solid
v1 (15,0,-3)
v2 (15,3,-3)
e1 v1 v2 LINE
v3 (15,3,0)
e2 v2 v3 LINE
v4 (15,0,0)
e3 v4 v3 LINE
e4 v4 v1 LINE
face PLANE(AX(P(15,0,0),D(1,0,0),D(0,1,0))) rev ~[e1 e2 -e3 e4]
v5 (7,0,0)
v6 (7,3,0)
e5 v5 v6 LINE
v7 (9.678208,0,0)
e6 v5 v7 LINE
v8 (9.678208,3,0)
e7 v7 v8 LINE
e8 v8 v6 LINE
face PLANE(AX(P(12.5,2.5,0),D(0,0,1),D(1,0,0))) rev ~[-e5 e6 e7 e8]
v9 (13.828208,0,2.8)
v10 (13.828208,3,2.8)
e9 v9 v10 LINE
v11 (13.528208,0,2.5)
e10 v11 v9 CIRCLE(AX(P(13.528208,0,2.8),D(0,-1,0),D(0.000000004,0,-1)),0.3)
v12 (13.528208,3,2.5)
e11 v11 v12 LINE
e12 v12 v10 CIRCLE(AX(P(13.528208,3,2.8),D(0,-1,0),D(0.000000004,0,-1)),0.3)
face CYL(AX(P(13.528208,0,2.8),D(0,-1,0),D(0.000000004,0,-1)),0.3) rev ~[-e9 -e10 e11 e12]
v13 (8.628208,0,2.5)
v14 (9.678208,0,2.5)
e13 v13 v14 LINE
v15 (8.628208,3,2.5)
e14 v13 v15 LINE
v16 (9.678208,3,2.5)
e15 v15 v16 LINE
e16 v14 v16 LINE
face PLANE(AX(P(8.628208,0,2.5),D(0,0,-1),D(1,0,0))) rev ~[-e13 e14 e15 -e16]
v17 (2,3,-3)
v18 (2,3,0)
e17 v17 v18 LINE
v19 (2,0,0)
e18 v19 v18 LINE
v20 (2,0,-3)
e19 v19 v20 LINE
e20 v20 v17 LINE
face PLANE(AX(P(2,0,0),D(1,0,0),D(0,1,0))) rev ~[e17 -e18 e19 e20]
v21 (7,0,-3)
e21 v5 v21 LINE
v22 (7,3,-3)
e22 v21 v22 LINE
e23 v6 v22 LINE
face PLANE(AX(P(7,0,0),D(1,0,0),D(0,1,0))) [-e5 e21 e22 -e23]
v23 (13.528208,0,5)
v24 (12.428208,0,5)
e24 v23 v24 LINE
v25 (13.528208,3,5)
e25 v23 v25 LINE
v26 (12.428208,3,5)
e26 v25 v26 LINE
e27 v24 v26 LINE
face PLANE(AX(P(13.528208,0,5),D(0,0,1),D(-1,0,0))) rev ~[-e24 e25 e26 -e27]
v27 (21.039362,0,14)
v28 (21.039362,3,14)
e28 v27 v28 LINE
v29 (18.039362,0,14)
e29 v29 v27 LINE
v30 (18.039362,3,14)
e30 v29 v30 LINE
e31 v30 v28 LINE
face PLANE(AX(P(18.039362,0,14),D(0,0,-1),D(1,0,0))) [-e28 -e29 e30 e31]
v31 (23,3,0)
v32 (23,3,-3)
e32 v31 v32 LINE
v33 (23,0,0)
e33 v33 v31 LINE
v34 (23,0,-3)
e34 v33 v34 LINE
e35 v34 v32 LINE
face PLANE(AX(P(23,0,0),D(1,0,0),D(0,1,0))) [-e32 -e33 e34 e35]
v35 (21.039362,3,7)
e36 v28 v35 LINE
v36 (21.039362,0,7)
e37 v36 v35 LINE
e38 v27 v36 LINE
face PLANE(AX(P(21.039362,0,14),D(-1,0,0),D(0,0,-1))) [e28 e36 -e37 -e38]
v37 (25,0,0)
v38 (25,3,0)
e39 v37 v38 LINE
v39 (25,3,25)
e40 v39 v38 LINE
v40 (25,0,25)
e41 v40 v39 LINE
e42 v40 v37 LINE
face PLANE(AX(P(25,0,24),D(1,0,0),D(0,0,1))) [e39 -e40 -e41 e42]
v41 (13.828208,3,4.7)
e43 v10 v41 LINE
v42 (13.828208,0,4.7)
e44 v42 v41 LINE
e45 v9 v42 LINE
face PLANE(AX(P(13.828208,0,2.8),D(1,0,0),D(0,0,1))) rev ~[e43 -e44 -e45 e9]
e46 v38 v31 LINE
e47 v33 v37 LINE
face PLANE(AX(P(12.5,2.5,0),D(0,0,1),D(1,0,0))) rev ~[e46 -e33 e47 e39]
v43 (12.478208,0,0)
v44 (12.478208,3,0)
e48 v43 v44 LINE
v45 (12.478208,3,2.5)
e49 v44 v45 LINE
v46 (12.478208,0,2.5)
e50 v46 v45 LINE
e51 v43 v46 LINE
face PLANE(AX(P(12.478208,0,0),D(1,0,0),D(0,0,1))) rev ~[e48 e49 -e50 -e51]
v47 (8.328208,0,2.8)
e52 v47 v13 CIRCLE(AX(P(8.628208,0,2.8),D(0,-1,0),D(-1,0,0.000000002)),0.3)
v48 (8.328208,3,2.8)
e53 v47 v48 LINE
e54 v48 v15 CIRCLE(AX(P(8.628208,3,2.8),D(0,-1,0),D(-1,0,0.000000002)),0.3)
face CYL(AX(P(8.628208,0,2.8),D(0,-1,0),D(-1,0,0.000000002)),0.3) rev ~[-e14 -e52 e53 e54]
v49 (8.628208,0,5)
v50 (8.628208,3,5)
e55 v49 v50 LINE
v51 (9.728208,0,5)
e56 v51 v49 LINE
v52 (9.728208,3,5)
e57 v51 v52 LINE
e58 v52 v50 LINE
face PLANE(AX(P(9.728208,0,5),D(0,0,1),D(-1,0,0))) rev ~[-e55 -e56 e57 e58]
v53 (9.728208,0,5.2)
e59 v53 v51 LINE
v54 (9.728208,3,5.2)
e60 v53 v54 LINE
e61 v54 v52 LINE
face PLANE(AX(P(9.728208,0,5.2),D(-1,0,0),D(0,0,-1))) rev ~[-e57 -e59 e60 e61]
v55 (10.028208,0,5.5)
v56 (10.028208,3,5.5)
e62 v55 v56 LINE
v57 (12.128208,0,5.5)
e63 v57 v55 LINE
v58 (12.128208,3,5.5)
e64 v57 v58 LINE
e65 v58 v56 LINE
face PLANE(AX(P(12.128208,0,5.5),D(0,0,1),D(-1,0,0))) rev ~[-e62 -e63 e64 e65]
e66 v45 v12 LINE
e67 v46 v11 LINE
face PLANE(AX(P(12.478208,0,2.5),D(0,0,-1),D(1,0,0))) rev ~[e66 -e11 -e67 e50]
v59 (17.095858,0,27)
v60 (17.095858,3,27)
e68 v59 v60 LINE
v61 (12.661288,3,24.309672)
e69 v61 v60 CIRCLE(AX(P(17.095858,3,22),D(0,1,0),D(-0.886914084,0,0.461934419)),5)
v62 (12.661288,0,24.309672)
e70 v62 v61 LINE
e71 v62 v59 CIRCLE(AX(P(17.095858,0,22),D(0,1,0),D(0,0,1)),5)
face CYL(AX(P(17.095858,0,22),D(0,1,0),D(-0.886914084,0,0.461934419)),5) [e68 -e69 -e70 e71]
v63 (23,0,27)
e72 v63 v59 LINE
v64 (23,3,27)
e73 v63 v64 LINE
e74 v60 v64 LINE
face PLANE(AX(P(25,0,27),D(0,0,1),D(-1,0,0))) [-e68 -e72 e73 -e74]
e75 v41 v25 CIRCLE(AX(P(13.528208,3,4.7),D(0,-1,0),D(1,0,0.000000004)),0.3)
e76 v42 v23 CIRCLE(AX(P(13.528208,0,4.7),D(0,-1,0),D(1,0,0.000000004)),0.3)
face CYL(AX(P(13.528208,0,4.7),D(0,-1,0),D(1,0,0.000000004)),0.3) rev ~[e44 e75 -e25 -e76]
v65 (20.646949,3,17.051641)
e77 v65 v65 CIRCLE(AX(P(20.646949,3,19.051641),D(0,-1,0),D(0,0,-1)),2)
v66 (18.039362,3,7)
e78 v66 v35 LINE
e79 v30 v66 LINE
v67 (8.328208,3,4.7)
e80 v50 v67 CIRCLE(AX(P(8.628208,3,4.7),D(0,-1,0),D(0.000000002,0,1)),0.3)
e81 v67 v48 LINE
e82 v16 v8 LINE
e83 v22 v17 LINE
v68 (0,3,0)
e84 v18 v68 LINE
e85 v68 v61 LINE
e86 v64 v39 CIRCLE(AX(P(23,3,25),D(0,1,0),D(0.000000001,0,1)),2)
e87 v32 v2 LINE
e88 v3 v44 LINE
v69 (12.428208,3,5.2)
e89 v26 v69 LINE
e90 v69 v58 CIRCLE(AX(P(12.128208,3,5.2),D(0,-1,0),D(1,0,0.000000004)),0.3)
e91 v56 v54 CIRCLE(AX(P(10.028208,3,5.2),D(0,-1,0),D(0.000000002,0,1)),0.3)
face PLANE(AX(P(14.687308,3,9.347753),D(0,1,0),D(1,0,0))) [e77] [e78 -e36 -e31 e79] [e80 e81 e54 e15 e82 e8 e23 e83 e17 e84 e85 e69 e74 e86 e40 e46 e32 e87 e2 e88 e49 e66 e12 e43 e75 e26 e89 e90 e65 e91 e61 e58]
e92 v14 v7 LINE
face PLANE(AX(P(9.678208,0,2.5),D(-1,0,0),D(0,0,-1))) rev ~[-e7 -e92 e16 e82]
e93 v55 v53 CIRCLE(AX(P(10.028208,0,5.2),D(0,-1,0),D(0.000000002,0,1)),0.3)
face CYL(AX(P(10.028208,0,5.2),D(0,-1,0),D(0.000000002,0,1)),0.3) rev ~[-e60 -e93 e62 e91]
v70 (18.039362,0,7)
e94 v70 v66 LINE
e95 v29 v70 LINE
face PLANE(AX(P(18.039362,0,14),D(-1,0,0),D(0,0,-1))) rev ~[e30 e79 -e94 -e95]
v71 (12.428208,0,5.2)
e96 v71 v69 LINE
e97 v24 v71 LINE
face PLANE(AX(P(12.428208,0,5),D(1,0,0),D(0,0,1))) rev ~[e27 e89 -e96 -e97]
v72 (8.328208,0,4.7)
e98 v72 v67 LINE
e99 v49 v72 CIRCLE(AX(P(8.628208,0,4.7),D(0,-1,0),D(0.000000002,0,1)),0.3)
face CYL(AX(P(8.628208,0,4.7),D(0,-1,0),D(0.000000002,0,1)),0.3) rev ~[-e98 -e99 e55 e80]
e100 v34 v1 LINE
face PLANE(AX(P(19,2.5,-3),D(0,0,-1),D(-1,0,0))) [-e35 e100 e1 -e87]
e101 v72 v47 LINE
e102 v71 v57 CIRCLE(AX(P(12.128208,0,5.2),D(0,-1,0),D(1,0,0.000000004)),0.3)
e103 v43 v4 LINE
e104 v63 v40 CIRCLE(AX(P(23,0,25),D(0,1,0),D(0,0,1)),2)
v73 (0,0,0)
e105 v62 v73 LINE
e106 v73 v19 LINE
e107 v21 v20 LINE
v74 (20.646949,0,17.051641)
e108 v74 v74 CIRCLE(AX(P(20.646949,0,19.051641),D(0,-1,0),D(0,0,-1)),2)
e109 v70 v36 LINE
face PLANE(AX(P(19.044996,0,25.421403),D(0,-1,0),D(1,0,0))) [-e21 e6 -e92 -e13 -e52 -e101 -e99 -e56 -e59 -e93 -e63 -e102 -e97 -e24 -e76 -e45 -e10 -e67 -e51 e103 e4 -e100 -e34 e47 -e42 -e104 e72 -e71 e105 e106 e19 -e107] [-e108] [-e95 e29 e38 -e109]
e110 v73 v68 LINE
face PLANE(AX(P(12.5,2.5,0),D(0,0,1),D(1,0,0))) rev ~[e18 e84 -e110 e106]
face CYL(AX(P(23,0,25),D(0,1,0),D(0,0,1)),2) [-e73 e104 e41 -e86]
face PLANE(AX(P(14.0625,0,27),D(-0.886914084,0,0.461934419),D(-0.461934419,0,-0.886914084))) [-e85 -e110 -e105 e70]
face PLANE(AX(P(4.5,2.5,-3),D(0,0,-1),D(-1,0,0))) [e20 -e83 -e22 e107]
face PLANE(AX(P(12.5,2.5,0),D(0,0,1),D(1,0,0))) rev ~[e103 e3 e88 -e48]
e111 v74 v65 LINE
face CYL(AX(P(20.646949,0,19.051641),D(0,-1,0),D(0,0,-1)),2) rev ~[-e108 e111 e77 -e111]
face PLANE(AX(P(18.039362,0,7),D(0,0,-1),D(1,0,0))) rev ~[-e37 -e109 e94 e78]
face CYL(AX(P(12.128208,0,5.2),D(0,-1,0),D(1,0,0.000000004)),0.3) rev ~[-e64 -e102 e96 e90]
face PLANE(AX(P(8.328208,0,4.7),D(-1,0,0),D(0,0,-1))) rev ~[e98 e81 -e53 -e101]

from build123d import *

# Parameters (mm, degrees)
SKETCH_1_W          = 25
SKETCH_1_H          = 5
EXTRUDE_1_DEPTH     = 24
SKETCH_2_W          = 5
SKETCH_2_H          = 5
SKETCH_2_W_2        = 8
EXTRUDE_2_DEPTH     = 3
CUT_EXTRUDE_2_DEPTH = 5
EXTRUDE_3_DEPTH     = 5
FILLET_1_R          = 5
FILLET_2_R          = 2
CUT_EXTRUDE_4_DEPTH = 2
CUT_EXTRUDE_5_DEPTH = 3
SKETCH_9_R          = 2
CUT_EXTRUDE_6_DEPTH = 3
SKETCH_10_W         = 7
SKETCH_10_H         = 3
CUT_EXTRUDE_7_DEPTH = 3


with BuildPart() as part:
    # 草图1 → 凸台-拉伸1 (new body)
    with BuildSketch(Plane.XY):
        with Locations((12.5, 2.5)):
            Rectangle(SKETCH_1_W, SKETCH_1_H)
    extrude(amount=EXTRUDE_1_DEPTH)

    # 草图2 → 凸台-拉伸2 (add)
    with BuildSketch(Plane(origin=(0, 0, 0), x_dir=(-1, 0, 0), z_dir=(0, 0, -1))):
        with Locations((-4.5, 2.5)):
            Rectangle(SKETCH_2_W, SKETCH_2_H)
        with Locations((-19, 2.5)):
            Rectangle(SKETCH_2_W_2, SKETCH_2_H)
    extrude(amount=EXTRUDE_2_DEPTH)

    # 草图3 → 切除-拉伸2 (cut)
    with BuildSketch(Plane.XZ):
        Polygon((12.5, 24), (0, 24), (0, 0), align=None)
    extrude(amount=-CUT_EXTRUDE_2_DEPTH, mode=Mode.SUBTRACT)

    # 草图4 → 凸台-拉伸3 (add)
    with BuildSketch(Plane.XZ):
        Polygon((12.5, 24), (25, 24), (25, 27), (14.0625, 27), align=None)
    extrude(amount=-EXTRUDE_3_DEPTH)

    # 圆角1
    fillet_1_edges = [part.edges().sort_by_distance(p)[0] for p in [
        (14.0625, 2.5, 27),
    ]]
    fillet(fillet_1_edges, radius=FILLET_1_R)

    # 圆角2
    fillet_2_edges = [part.edges().sort_by_distance(p)[0] for p in [
        (25, 2.5, 27),
    ]]
    fillet(fillet_2_edges, radius=FILLET_2_R)

    # 草图7 → 切除-拉伸4 (cut)
    with BuildSketch(Plane(origin=(0, 5, 0), x_dir=(1, 0, 0), z_dir=(0, 1, 0))):
        with BuildLine():
            Line((17.09585797, -27), (23, -27))
            ThreePointArc((23, -27), (24.414213562, -26.414213562), (25, -25))
            Line((25, -25), (25, 0))
            Line((25, 0), (23, 0))
            Line((23, 0), (23, 3))
            Line((23, 3), (15, 3))
            Line((15, 3), (15, 0))
            Line((15, 0), (7, 0))
            Line((7, 0), (7, 3))
            Line((7, 3), (2, 3))
            Line((2, 3), (2, 0))
            Line((2, 0), (0, 0))
            Line((0, 0), (12.661287549, -24.309672094))
            ThreePointArc((12.661287549, -24.309672094), (14.502439422, -26.274831018), (17.09585797, -27))
        make_face()
    extrude(amount=-CUT_EXTRUDE_4_DEPTH, mode=Mode.SUBTRACT)

    # 草图8 → 切除-拉伸5 (cut)
    with BuildSketch(Plane(origin=(38.221211183, 0, -111.620742166), x_dir=(0, 0, -1), z_dir=(0, -1, 0))):
        with BuildLine():
            Line((-114.120742166, -28.543003338), (-111.620742166, -28.543003338))
            Line((-111.620742166, -28.543003338), (-111.620742166, -25.743003338))
            Line((-111.620742166, -25.743003338), (-114.120742166, -25.743003338))
            Line((-114.120742166, -25.743003338), (-114.120742166, -24.693003338))
            ThreePointArc((-114.120742166, -24.693003338), (-114.208610132, -24.480871304), (-114.420742166, -24.393003338))
            Line((-114.420742166, -24.393003338), (-116.320742166, -24.393003338))
            ThreePointArc((-116.320742166, -24.393003338), (-116.5328742, -24.480871304), (-116.620742166, -24.693003338))
            Line((-116.620742166, -24.693003338), (-116.620742166, -25.793003338))
            Line((-116.620742166, -25.793003338), (-116.820742166, -25.793003338))
            ThreePointArc((-116.820742166, -25.793003338), (-117.0328742, -25.880871304), (-117.120742166, -26.093003338))
            Line((-117.120742166, -26.093003338), (-117.120742166, -28.193003338))
            ThreePointArc((-117.120742166, -28.193003338), (-117.0328742, -28.405135373), (-116.820742166, -28.493003338))
            Line((-116.820742166, -28.493003338), (-116.620742166, -28.493003338))
            Line((-116.620742166, -28.493003338), (-116.620742166, -29.593003338))
            ThreePointArc((-116.620742166, -29.593003338), (-116.5328742, -29.805135373), (-116.320742166, -29.893003338))
            Line((-116.320742166, -29.893003338), (-114.420742166, -29.893003338))
            ThreePointArc((-114.420742166, -29.893003338), (-114.208610132, -29.805135373), (-114.120742166, -29.593003338))
            Line((-114.120742166, -29.593003338), (-114.120742166, -28.543003338))
        make_face()
    extrude(amount=-CUT_EXTRUDE_5_DEPTH, mode=Mode.SUBTRACT)

    # 草图9 → 切除-拉伸6 (cut)
    with BuildSketch(Plane(origin=(38.221211183, 0, -111.620742166), x_dir=(0, 0, -1), z_dir=(0, -1, 0))):
        with Locations((-130.672383052, -17.574261788)):
            Circle(SKETCH_9_R)
    extrude(amount=-CUT_EXTRUDE_6_DEPTH, mode=Mode.SUBTRACT)

    # 草图10 → 切除-拉伸7 (cut)
    with BuildSketch(Plane(origin=(38.221211183, 0, -111.620742166), x_dir=(0, 0, -1), z_dir=(0, -1, 0))):
        with Locations((-122.120742166, -18.681849587)):
            Rectangle(SKETCH_10_W, SKETCH_10_H)
    extrude(amount=-CUT_EXTRUDE_7_DEPTH, mode=Mode.SUBTRACT)


solid = part.part
